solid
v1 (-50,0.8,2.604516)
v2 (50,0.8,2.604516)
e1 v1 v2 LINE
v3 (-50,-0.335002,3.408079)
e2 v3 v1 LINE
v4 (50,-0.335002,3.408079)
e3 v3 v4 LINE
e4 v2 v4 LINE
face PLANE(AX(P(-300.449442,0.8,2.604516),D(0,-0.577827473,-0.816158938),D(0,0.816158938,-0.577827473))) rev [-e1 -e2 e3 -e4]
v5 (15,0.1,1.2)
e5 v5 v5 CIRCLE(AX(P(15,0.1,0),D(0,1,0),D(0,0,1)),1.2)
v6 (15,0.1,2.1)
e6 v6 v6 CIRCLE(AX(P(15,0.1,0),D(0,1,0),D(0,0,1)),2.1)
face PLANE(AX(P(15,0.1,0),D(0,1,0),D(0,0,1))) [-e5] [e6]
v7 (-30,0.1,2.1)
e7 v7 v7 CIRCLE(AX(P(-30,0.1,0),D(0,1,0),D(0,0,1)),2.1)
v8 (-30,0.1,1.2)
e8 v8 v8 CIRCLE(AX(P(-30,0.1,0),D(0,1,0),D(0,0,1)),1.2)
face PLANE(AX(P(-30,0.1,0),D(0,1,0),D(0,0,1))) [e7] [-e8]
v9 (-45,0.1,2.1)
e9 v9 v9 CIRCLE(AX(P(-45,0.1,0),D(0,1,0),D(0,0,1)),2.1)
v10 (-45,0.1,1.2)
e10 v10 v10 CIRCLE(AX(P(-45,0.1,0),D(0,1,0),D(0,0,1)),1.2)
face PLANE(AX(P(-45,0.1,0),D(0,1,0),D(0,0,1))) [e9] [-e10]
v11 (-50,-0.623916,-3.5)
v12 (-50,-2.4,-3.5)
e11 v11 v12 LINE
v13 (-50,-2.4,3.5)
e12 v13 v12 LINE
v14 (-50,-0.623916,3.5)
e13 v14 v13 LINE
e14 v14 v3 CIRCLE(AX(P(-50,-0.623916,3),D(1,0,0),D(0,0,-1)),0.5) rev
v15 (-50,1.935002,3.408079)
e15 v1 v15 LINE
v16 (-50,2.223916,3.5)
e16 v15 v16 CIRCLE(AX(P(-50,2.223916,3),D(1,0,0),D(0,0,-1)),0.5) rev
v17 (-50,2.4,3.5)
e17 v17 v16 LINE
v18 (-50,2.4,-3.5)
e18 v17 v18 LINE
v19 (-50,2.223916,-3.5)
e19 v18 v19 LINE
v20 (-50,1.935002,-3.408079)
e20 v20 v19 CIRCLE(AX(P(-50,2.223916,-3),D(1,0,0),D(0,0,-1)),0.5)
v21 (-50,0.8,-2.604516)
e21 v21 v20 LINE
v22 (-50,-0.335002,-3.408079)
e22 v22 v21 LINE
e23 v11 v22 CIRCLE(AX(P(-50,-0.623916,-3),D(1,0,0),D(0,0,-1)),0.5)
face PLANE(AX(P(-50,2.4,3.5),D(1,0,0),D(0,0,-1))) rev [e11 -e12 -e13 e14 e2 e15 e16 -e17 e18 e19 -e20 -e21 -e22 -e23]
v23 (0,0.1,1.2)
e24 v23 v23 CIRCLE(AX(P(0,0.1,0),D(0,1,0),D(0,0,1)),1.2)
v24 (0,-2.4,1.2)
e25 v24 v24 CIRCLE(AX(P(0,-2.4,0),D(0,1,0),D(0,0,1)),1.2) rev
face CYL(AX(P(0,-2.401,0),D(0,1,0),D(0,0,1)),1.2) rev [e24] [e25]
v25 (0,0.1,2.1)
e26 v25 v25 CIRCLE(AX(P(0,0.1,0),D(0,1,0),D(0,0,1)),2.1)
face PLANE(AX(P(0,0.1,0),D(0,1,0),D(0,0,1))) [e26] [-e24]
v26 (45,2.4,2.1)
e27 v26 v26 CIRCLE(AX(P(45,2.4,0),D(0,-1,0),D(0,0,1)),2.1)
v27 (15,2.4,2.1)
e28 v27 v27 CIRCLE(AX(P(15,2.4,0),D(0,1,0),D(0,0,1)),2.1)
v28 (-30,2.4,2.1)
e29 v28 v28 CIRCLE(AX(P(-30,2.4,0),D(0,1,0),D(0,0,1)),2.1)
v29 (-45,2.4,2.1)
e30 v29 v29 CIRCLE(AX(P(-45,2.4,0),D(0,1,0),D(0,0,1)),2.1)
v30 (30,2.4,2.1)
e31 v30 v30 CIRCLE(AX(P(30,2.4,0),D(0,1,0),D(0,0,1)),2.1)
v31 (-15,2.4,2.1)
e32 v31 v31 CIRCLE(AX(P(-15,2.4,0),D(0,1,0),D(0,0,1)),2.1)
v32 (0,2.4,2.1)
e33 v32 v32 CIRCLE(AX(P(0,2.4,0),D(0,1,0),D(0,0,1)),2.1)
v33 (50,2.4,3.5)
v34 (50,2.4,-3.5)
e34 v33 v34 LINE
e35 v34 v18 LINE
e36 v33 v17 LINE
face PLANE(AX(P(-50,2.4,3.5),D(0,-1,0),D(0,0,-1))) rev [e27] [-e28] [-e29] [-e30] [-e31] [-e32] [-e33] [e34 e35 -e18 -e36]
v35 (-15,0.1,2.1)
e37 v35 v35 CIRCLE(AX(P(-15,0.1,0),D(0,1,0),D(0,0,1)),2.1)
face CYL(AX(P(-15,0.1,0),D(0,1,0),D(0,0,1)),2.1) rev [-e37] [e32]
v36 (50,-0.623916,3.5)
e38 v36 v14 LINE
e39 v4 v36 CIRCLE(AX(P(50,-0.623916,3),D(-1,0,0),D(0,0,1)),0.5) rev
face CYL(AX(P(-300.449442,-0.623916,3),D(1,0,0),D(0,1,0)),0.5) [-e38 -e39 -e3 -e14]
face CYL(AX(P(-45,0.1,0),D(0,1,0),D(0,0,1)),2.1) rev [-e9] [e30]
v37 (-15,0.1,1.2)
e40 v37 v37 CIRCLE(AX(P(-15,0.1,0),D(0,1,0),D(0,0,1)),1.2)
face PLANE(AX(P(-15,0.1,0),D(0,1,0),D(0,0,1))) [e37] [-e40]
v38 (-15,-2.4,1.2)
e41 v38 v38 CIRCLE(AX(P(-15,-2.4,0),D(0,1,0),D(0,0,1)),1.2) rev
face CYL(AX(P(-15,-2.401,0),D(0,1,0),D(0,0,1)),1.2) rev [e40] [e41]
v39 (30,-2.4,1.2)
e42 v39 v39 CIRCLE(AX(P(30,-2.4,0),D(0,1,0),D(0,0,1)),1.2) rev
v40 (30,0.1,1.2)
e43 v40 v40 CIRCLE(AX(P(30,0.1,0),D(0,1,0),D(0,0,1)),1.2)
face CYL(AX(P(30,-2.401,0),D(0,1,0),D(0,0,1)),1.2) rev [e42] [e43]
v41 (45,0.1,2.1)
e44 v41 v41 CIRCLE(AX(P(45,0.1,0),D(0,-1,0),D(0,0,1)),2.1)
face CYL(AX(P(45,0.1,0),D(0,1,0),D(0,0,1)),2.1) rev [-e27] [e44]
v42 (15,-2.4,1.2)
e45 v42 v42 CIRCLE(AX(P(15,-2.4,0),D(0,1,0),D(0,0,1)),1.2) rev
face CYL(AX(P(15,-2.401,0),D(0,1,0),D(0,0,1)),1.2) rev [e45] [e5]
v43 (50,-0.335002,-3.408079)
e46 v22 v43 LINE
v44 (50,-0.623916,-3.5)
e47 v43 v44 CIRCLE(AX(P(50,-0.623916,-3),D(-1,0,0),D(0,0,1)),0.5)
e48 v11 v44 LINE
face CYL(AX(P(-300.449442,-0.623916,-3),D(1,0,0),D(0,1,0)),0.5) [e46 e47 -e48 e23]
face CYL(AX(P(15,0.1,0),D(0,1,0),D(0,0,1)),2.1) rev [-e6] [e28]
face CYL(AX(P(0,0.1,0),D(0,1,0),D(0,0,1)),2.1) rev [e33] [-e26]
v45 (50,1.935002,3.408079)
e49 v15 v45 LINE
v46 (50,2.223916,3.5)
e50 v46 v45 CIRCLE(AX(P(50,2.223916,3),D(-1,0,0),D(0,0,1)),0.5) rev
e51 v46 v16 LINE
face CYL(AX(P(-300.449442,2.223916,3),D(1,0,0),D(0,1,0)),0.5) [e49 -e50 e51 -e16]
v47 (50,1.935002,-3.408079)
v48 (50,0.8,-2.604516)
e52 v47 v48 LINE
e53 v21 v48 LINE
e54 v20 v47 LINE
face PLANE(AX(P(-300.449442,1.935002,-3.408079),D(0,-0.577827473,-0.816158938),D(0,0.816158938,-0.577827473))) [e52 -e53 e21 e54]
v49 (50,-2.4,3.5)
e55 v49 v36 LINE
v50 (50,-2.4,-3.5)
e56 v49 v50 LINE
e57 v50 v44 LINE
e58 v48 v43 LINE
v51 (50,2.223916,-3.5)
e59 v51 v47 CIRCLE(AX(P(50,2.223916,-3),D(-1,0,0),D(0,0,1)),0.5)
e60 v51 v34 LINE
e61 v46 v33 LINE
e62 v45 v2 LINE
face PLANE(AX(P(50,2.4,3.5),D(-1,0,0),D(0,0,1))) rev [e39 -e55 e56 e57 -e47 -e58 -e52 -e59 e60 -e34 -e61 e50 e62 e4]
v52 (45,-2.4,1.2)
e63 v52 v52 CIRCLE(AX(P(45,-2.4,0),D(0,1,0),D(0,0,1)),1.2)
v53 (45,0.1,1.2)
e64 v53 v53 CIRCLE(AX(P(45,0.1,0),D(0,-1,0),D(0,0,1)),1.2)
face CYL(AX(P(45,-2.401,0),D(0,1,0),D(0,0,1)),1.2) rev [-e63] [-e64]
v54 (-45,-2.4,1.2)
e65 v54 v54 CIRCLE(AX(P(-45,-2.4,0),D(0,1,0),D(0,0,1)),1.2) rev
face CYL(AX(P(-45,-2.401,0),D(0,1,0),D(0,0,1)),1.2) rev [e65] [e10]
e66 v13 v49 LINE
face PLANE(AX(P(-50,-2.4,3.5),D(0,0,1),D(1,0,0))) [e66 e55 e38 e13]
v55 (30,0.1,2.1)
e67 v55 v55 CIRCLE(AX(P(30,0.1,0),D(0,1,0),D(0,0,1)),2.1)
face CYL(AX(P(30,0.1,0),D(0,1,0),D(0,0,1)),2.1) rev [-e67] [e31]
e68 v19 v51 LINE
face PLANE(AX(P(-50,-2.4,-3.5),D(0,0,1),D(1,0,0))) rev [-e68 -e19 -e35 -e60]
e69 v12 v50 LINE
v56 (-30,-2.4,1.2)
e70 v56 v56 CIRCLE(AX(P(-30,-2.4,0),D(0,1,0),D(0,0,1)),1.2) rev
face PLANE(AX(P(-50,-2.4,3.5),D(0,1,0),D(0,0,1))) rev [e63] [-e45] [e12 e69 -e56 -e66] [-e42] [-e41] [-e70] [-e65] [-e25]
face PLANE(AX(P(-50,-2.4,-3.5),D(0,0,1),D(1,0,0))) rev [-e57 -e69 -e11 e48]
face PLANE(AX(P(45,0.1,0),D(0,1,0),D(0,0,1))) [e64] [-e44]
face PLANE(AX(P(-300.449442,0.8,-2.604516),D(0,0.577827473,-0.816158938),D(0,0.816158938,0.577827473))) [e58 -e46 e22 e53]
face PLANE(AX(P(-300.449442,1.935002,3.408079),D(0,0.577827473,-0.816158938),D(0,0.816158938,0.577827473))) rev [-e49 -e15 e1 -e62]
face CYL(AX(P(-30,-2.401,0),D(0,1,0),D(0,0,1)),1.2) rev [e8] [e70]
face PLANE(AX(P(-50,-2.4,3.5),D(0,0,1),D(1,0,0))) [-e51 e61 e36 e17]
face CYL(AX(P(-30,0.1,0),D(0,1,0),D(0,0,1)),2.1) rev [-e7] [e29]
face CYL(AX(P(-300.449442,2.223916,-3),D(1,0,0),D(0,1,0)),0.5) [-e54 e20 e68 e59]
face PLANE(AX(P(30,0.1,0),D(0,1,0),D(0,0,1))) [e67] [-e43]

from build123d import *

# Parameters (mm, degrees)
SKETCH_1_W             = 100
SKETCH_1_H             = 4.8
EXTRUDE_1_DEPTH        = 3.5
SKETCH_3_R             = 2.1
CUT_EXTRUDE_1_DEPTH    = 2.3
SKETCH_4_R             = 1.2
CUT_EXTRUDE_2_DEPTH    = 2.5
CUT_EXTRUDE_START      = -101
CUT_EXTRUDE_4_DEPTH    = 102
PATTERN_LINEAR_1_COUNT = 6
PATTERN_LINEAR_1_PITCH = 15


with BuildPart() as part:
    # 草图1 → 凸台-拉伸1 (new body, symmetric)
    with BuildSketch(Plane.XY):
        Rectangle(SKETCH_1_W, SKETCH_1_H)
    extrude(amount=EXTRUDE_1_DEPTH, both=True)

    # 草图3 → 切除-拉伸1 (cut)
    with BuildSketch(Plane(origin=(0, 2.4, 0), x_dir=(1, 0, 0), z_dir=(0, 1, 0))):
        with Locations((-45, 0)):
            Circle(SKETCH_3_R)
    cut_extrude_1 = extrude(amount=-CUT_EXTRUDE_1_DEPTH, mode=Mode.SUBTRACT)

    # 草图4 → 切除-拉伸2 (cut)
    with BuildSketch(Plane(origin=(0, 0.1, 0), x_dir=(1, 0, 0), z_dir=(0, 1, 0))):
        with Locations((-45, 0)):
            Circle(SKETCH_4_R)
    cut_extrude_2 = extrude(amount=-CUT_EXTRUDE_2_DEPTH, mode=Mode.SUBTRACT)

    # 镜向1: 切除-拉伸1, 切除-拉伸2 across plane
    add(cut_extrude_1.mirror(Plane(origin=(0, 0, 0), x_dir=(0, 0, 1), z_dir=(1, 0, 0))), mode=Mode.SUBTRACT)
    add(cut_extrude_2.mirror(Plane(origin=(0, 0, 0), x_dir=(0, 0, 1), z_dir=(1, 0, 0))), mode=Mode.SUBTRACT)

    # 草图6 → 切除-拉伸4 (cut)
    with BuildSketch(Plane.ZY.offset(50).offset(CUT_EXTRUDE_START)):
        with BuildLine():
            Line((3.5, 29.375276139), (3.5, 2.4))
            Line((3.5, 2.4), (3.5, 2.223915661))
            ThreePointArc((3.5, 2.223915661), (3.476466019, 2.072323667), (3.408079469, 1.935001925))
            Line((3.408079469, 1.935001925), (2.604516262, 0.8))
            Line((2.604516262, 0.8), (3.408079469, -0.335001925))
            ThreePointArc((3.408079469, -0.335001925), (3.476466019, -0.472323667), (3.5, -0.623915661))
            Line((3.5, -0.623915661), (3.5, -27.5991918))
            Line((3.5, -27.5991918), (57.450552278, -27.5991918))
            Line((57.450552278, -27.5991918), (57.450552278, 29.375276139))
            Line((57.450552278, 29.375276139), (3.5, 29.375276139))
        make_face()
    cut_extrude_4 = extrude(amount=CUT_EXTRUDE_4_DEPTH, mode=Mode.SUBTRACT)

    # 镜向3: 切除-拉伸4 across plane
    add(cut_extrude_4.mirror(Plane.XY), mode=Mode.SUBTRACT)

    # 阵列(线性)1: 切除-拉伸1, 切除-拉伸2 ×6
    with Locations(*[(i * PATTERN_LINEAR_1_PITCH, 0, 0) for i in range(1, PATTERN_LINEAR_1_COUNT)]):
        add(cut_extrude_1, mode=Mode.SUBTRACT)
        add(cut_extrude_2, mode=Mode.SUBTRACT)


solid = part.part
